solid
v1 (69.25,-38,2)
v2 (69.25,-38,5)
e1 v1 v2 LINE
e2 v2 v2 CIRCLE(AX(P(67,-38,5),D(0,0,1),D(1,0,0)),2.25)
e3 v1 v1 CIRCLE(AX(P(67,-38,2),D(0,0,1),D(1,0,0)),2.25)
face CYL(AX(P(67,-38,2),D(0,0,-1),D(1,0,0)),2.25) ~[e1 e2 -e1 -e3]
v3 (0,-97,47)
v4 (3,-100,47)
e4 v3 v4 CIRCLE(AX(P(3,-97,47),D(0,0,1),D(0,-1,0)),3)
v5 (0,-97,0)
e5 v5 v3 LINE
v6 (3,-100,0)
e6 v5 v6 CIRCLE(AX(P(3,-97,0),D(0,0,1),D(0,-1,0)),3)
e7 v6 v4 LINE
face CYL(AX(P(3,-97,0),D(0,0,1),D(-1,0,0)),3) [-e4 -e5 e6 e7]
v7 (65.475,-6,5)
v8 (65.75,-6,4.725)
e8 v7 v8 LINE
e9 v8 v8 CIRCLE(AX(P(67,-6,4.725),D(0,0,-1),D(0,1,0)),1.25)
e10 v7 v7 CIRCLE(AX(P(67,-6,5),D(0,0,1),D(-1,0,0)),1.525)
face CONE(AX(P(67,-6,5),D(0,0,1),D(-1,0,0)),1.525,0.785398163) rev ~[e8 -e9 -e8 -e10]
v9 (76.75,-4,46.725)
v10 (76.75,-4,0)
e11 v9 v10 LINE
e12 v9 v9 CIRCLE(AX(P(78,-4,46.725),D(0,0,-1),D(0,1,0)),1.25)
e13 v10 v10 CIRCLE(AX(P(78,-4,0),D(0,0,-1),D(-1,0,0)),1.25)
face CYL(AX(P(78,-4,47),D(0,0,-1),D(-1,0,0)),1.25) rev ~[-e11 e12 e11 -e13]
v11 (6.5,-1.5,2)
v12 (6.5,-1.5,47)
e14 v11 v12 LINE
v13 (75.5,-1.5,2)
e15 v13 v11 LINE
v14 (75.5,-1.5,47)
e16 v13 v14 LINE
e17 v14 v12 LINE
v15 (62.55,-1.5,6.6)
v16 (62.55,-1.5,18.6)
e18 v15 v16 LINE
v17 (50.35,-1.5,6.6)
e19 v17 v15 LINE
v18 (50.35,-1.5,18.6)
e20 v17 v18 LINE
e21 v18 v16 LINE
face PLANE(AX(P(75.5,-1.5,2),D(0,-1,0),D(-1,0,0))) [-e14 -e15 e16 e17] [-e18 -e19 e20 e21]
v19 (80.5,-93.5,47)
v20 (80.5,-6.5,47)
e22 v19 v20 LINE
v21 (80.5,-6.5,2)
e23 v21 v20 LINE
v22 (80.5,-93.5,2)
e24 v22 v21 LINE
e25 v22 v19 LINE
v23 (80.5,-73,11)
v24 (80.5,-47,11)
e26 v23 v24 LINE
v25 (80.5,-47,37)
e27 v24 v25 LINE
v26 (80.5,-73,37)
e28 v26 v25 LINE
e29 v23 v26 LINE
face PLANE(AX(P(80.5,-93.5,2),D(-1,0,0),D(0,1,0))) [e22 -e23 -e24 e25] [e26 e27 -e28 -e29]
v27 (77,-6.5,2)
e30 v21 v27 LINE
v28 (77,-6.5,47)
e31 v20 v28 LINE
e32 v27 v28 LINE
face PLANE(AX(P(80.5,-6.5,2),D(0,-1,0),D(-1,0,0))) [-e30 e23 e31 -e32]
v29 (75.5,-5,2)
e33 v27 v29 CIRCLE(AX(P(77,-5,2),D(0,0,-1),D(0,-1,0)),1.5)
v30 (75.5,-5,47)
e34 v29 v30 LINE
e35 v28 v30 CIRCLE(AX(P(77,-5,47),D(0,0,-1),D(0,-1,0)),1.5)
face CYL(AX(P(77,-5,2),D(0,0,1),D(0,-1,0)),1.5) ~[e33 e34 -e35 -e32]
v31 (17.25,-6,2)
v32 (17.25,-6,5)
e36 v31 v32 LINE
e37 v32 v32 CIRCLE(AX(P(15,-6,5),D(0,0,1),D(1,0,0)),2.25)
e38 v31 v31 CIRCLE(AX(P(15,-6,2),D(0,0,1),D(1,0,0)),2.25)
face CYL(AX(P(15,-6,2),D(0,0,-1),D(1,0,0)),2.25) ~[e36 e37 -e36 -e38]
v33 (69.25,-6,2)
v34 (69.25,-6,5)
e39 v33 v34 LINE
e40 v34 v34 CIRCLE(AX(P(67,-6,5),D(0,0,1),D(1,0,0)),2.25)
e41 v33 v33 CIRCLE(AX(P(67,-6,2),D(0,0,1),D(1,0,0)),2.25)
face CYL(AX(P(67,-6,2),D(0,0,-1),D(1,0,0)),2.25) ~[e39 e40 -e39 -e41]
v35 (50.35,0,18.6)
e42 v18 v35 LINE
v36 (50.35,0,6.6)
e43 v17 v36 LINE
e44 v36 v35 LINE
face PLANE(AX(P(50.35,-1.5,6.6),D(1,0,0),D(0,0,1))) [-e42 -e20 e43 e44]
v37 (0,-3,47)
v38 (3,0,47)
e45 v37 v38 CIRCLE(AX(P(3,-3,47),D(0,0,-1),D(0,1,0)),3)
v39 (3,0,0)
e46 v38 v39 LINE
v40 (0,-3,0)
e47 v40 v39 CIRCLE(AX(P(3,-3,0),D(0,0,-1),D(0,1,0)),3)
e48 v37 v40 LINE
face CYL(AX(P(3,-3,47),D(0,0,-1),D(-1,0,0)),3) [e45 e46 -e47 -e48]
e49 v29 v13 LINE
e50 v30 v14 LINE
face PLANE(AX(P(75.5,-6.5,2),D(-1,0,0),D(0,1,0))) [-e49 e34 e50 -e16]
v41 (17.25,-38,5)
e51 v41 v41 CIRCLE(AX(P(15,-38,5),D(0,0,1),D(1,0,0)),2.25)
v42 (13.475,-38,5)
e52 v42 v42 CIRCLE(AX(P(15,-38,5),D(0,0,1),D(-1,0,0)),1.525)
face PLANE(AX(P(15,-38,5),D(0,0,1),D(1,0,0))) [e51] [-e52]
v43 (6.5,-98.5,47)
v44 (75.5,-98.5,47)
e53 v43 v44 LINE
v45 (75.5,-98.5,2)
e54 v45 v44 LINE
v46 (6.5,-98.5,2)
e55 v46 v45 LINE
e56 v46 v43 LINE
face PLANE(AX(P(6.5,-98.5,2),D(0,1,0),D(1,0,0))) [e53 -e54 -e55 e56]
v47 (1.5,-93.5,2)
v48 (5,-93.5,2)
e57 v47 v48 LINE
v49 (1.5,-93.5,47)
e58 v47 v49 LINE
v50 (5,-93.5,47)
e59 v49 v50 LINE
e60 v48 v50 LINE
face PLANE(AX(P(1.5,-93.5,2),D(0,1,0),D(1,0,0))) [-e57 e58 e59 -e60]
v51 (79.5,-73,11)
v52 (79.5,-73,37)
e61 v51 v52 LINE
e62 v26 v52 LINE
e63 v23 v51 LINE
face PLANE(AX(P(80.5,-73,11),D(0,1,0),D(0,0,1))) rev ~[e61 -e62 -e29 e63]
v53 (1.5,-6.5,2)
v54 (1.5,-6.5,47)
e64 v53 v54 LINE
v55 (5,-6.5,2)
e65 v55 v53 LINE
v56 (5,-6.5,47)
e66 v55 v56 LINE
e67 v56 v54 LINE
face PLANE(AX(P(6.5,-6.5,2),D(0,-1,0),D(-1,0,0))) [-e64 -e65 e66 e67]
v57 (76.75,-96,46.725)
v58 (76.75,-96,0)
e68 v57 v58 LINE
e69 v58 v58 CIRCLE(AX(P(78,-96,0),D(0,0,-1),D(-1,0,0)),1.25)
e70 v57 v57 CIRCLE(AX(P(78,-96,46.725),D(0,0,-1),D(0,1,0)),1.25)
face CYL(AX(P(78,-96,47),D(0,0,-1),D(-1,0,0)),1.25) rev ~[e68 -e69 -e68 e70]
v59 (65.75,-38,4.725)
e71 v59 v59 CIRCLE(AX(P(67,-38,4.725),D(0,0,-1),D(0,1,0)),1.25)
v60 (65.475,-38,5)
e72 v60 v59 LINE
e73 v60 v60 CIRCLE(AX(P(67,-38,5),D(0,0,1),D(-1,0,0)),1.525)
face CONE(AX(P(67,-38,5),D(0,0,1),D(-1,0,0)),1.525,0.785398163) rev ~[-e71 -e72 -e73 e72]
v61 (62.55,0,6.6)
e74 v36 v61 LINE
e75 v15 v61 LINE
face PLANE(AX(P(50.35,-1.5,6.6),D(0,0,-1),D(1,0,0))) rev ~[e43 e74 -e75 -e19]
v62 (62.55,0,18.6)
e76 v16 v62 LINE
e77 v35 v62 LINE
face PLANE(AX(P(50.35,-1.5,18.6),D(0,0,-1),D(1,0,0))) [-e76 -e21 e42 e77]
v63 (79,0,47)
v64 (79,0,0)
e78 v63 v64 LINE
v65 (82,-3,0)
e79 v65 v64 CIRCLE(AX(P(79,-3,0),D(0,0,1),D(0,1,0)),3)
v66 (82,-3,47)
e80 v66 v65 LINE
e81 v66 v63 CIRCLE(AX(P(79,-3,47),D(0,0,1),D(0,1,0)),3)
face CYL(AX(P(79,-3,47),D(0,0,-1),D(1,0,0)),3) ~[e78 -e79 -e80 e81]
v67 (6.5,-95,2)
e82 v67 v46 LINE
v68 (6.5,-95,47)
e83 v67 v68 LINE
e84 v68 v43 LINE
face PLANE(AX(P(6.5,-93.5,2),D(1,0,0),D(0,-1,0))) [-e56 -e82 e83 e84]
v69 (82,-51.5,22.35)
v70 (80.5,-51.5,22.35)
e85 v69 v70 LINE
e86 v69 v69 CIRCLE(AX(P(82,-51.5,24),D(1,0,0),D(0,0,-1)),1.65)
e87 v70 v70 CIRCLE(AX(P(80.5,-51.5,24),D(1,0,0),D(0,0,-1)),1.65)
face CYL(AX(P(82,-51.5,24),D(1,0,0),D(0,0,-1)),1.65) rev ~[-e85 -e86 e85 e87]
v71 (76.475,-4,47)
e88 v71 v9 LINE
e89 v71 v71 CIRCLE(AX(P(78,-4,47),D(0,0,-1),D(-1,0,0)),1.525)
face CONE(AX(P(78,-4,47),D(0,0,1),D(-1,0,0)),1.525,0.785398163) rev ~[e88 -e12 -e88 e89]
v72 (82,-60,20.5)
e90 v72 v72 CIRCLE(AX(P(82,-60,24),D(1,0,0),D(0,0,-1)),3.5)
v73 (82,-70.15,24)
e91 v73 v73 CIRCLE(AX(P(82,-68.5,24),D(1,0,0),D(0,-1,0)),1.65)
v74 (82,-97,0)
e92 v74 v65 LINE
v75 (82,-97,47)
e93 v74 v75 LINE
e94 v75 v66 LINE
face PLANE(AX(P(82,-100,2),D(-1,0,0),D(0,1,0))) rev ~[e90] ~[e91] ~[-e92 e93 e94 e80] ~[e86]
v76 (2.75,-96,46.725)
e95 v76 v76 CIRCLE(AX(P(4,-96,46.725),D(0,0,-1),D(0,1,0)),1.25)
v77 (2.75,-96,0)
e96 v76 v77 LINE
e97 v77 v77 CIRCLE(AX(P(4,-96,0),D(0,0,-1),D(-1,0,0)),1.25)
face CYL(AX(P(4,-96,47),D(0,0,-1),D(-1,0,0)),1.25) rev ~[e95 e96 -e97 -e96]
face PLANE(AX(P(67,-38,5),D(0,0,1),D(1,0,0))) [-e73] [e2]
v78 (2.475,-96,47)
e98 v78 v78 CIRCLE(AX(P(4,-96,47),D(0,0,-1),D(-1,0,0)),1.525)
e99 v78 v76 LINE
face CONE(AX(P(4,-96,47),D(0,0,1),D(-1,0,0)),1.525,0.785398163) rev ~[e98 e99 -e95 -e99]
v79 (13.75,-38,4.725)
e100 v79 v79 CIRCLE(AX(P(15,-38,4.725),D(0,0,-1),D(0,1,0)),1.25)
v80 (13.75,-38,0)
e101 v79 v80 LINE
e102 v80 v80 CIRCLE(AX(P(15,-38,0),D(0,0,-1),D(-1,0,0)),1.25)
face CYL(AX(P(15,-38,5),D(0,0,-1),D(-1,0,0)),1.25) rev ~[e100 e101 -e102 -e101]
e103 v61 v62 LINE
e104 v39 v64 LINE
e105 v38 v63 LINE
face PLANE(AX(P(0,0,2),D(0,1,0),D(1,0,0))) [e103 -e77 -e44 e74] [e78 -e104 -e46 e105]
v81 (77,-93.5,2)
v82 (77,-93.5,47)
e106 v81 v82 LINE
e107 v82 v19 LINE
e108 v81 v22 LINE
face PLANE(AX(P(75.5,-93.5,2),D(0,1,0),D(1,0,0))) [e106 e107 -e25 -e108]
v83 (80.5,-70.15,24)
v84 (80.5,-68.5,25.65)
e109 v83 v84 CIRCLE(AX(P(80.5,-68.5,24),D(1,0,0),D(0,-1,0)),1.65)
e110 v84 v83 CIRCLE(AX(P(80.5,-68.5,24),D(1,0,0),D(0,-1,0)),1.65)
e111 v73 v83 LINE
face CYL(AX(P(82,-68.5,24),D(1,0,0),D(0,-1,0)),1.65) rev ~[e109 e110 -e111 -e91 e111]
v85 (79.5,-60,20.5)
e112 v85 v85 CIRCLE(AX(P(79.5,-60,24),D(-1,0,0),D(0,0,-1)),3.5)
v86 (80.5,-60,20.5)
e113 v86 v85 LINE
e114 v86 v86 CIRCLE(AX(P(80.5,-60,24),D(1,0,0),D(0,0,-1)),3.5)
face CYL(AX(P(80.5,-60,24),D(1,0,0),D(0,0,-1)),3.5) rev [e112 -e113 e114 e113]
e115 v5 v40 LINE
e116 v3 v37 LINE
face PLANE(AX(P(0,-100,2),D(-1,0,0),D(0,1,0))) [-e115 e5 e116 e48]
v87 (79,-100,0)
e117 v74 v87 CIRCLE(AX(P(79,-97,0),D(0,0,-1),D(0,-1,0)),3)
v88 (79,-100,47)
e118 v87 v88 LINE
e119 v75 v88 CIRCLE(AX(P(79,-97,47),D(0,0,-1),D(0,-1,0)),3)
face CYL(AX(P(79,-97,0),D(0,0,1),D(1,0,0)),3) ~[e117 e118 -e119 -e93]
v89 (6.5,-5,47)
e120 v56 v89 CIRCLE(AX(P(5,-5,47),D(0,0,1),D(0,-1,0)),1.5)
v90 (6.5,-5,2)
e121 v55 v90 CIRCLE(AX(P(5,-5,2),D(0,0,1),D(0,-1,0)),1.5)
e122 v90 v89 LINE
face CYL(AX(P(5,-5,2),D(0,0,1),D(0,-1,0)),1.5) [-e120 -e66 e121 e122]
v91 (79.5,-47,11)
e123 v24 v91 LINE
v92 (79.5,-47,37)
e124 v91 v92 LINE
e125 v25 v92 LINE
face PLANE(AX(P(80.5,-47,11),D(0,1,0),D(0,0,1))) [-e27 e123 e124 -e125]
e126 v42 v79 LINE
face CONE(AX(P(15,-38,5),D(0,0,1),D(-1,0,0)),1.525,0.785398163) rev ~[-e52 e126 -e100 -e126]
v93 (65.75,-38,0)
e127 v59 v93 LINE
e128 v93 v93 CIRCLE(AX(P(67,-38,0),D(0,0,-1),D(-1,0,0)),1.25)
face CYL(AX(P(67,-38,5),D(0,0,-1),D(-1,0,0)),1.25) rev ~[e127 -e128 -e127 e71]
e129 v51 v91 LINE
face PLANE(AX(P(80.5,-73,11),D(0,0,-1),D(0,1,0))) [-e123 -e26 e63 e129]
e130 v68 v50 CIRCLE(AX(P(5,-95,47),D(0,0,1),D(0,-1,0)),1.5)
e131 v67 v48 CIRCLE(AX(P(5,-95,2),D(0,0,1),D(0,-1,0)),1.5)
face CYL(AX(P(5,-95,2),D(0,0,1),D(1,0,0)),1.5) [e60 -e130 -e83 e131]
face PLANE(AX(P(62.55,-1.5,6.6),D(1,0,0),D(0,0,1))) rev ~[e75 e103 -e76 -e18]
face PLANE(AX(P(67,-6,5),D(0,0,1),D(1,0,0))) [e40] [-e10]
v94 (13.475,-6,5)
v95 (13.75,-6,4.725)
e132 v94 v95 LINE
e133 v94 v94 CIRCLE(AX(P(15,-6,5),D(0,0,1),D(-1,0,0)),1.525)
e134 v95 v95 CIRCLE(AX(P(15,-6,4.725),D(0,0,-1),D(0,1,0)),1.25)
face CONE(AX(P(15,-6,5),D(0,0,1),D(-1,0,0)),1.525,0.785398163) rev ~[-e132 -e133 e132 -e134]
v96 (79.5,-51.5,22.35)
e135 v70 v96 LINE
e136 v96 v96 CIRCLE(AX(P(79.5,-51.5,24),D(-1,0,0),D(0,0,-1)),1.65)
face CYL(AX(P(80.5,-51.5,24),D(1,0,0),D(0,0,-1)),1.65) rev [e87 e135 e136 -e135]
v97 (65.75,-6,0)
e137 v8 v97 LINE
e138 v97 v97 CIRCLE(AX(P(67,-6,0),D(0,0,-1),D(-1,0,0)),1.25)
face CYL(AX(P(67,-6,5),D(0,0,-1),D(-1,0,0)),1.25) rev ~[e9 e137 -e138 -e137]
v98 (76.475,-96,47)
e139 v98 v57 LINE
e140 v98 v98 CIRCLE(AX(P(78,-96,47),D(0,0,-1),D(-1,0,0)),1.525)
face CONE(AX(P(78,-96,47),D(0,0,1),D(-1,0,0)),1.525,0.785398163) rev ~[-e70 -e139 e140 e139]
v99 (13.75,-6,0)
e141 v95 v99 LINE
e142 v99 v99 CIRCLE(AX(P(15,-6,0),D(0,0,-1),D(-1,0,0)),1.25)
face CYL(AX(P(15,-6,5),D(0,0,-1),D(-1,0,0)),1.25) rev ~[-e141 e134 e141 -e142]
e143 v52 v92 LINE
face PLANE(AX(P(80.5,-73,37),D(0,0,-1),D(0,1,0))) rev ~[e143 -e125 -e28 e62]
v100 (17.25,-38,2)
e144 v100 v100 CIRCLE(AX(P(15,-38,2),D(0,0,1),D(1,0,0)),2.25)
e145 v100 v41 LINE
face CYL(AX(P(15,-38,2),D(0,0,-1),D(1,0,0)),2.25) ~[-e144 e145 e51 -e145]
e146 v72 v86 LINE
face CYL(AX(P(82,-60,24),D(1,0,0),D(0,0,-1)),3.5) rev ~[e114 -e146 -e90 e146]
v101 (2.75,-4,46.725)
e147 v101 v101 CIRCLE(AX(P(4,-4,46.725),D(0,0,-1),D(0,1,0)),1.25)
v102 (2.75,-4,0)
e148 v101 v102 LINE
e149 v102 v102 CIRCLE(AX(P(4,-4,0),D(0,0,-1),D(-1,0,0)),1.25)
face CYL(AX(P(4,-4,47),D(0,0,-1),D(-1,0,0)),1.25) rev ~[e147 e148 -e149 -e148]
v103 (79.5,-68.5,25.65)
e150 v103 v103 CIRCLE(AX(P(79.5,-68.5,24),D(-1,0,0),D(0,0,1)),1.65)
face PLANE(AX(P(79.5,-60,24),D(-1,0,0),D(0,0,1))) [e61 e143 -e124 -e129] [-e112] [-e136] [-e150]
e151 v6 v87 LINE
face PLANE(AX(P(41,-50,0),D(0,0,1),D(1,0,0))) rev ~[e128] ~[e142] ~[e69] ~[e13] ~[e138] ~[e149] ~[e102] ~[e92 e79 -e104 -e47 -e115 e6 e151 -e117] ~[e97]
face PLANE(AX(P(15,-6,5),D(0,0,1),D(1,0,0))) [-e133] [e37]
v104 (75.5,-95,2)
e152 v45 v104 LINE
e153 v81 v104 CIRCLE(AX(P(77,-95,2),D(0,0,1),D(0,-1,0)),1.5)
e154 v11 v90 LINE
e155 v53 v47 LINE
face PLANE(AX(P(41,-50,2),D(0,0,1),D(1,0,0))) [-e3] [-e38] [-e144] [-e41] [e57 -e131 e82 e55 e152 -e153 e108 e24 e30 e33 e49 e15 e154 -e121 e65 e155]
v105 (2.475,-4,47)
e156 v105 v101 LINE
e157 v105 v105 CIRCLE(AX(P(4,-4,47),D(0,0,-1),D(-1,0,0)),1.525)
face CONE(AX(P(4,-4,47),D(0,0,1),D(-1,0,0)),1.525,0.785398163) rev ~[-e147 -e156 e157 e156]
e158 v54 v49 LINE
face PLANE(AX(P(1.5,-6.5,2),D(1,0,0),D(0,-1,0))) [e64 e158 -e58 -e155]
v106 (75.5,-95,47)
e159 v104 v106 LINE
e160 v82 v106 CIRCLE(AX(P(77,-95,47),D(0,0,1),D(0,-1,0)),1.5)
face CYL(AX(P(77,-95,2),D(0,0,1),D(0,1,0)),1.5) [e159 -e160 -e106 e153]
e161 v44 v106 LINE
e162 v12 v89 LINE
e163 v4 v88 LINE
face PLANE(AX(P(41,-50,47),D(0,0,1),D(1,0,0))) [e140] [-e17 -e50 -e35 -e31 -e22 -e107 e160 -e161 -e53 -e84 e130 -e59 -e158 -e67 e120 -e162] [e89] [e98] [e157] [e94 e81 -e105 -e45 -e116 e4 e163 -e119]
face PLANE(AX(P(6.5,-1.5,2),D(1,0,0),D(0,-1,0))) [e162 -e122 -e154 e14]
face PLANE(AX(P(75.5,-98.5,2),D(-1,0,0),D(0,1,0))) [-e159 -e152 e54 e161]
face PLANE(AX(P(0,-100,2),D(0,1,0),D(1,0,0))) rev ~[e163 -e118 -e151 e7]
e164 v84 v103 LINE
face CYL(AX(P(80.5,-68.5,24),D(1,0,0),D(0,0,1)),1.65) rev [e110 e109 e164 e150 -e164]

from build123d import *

# Parameters (mm, degrees)
SKETCH_2_W                  = 82
SKETCH_2_H                  = 100
EXTRUDE_1_DEPTH             = 2
SKETCH_9_W                  = 82
SKETCH_9_H                  = 100
EXTRUDE_4_DEPTH             = 45
SKETCH_10_R                 = 2.25
EXTRUDE_5_DEPTH             = 3
M3_TAPPED_HOLE1_D           = 2.5
M3_TAPPED_HOLE1_CSINK_D     = 3.05
M3_TAPPED_HOLE1_CSINK_ANGLE = 90
CUT_EXTRUDE_2_REACH         = 138.511
SKETCH_14_W                 = 12.2
SKETCH_14_H                 = 12
CUT_EXTRUDE_3_REACH         = 139.597
SKETCH_16_R                 = 3.5
SKETCH_16_R_2               = 1.65
SKETCH_17_W                 = 26
SKETCH_17_H                 = 26
SKETCH_17_R                 = 1.65
SKETCH_17_R_2               = 3.5
EXTRUDE_6_DEPTH             = 1
M3_TAPPED_HOLE3_D           = 2.5
M3_TAPPED_HOLE3_CSINK_D     = 3.05
M3_TAPPED_HOLE3_CSINK_ANGLE = 90
FILLET_2_R                  = 3
FILLET_3_R                  = 1.5


with BuildPart() as part:
    # 草图2 → 凸台-拉伸1 (new body)
    with BuildSketch(Plane.XY):
        with Locations((41, -50)):
            Rectangle(SKETCH_2_W, SKETCH_2_H)
    extrude(amount=EXTRUDE_1_DEPTH)

    # 草图9 → 凸台-拉伸4 (add)
    with BuildSketch(Plane.XY.offset(2)):
        with Locations((41, -50)):
            Rectangle(SKETCH_9_W, SKETCH_9_H)
        Polygon((80.5, -6.5), (75.5, -6.5), (75.5, -1.5), (6.5, -1.5), (6.5, -6.5), (1.5, -6.5), (1.5, -93.5), (6.5, -93.5), (6.5, -98.5), (75.5, -98.5), (75.5, -93.5), (80.5, -93.5), align=None, mode=Mode.SUBTRACT)
    extrude(amount=EXTRUDE_4_DEPTH)

    # 草图10 → 凸台-拉伸5 (add)
    with BuildSketch(Plane.XY.offset(2)):
        with Locations((15, -6)):
            Circle(SKETCH_10_R)
        with Locations((67, -6)):
            Circle(SKETCH_10_R)
        with Locations((67, -38)):
            Circle(SKETCH_10_R)
        with Locations((15, -38)):
            Circle(SKETCH_10_R)
    extrude(amount=EXTRUDE_5_DEPTH)

    # M3 Tapped Hole1 (through all)
    with Locations(Plane.XY.offset(5)):
        with Locations((67, -6), (67, -38), (15, -38), (15, -6)):
            CounterSinkHole(M3_TAPPED_HOLE1_D / 2, M3_TAPPED_HOLE1_CSINK_D / 2, counter_sink_angle=M3_TAPPED_HOLE1_CSINK_ANGLE)

    # 草图14 → 切除-拉伸2 (cut, up to next)
    with BuildSketch(Plane.XZ.offset(1.5), mode=Mode.PRIVATE) as cut_extrude_2_sk1:
        with Locations((56.45, 12.6)):
            Rectangle(SKETCH_14_W, SKETCH_14_H)
    cut_extrude_2_tool1 = extrude(cut_extrude_2_sk1.sketch, amount=-CUT_EXTRUDE_2_REACH, mode=Mode.PRIVATE) & part.part
    add(cut_extrude_2_tool1.solids().sort_by_distance((56.45, -1.5, 12.6))[0], mode=Mode.SUBTRACT)

    # 草图16 → 切除-拉伸3 (cut, up to next)
    with BuildSketch(Plane(origin=(82, 0, 0), x_dir=(0, 0, -1), z_dir=(1, 0, 0)), mode=Mode.PRIVATE) as cut_extrude_3_sk1:
        with Locations((-24, -60)):
            Circle(SKETCH_16_R)
    cut_extrude_3_tool1 = extrude(cut_extrude_3_sk1.sketch, amount=-CUT_EXTRUDE_3_REACH, mode=Mode.PRIVATE) & part.part
    # 草图16 → 切除-拉伸3 (cut, up to next)
    with BuildSketch(Plane(origin=(82, 0, 0), x_dir=(0, 0, -1), z_dir=(1, 0, 0)), mode=Mode.PRIVATE) as cut_extrude_3_sk2:
        with Locations((-24, -51.5)):
            Circle(SKETCH_16_R_2)
    cut_extrude_3_tool2 = extrude(cut_extrude_3_sk2.sketch, amount=-CUT_EXTRUDE_3_REACH, mode=Mode.PRIVATE) & part.part
    # 草图16 → 切除-拉伸3 (cut, up to next)
    with BuildSketch(Plane(origin=(82, 0, 0), x_dir=(0, 0, -1), z_dir=(1, 0, 0)), mode=Mode.PRIVATE) as cut_extrude_3_sk3:
        with Locations(Location((-24, -68.5, 0), (0, 0, 270))):
            Circle(SKETCH_16_R_2)
    cut_extrude_3_tool3 = extrude(cut_extrude_3_sk3.sketch, amount=-CUT_EXTRUDE_3_REACH, mode=Mode.PRIVATE) & part.part
    add(cut_extrude_3_tool1.solids().sort_by_distance((82, -60, 24))[0], mode=Mode.SUBTRACT)
    add(cut_extrude_3_tool2.solids().sort_by_distance((82, -51.5, 24))[0], mode=Mode.SUBTRACT)
    add(cut_extrude_3_tool3.solids().sort_by_distance((82, -68.5, 24))[0], mode=Mode.SUBTRACT)

    # 草图17 → 凸台-拉伸6 (add)
    with BuildSketch(Plane.ZY.offset(-80.5)):
        with Locations((24, -60)):
            Rectangle(SKETCH_17_W, SKETCH_17_H)
        with Locations(Location((24, -51.5, 0), (0, 0, 180))):
            Circle(SKETCH_17_R, mode=Mode.SUBTRACT)
        with Locations(Location((24, -60, 0), (0, 0, 180))):
            Circle(SKETCH_17_R_2, mode=Mode.SUBTRACT)
        with Locations((24, -68.5)):
            Circle(SKETCH_17_R, mode=Mode.SUBTRACT)
    extrude(amount=EXTRUDE_6_DEPTH)

    # M3 Tapped Hole3 (through all)
    with Locations(Plane.XY.offset(47)):
        with Locations((4, -4), (4, -96), (78, -96), (78, -4)):
            CounterSinkHole(M3_TAPPED_HOLE3_D / 2, M3_TAPPED_HOLE3_CSINK_D / 2, counter_sink_angle=M3_TAPPED_HOLE3_CSINK_ANGLE)

    # 圆角2
    fillet_2_edges = [part.edges().sort_by_distance(p)[0] for p in [
        (82, -100, 23.5),
        (0, -100, 23.5),
        (0, 0, 23.5),
        (82, 0, 23.5),
    ]]
    fillet(fillet_2_edges, radius=FILLET_2_R)

    # 圆角3
    fillet_3_edges = [part.edges().sort_by_distance(p)[0] for p in [
        (6.5, -6.5, 24.5),
        (6.5, -93.5, 24.5),
        (75.5, -93.5, 24.5),
        (75.5, -6.5, 24.5),
    ]]
    fillet(fillet_3_edges, radius=FILLET_3_R)


solid = part.part
